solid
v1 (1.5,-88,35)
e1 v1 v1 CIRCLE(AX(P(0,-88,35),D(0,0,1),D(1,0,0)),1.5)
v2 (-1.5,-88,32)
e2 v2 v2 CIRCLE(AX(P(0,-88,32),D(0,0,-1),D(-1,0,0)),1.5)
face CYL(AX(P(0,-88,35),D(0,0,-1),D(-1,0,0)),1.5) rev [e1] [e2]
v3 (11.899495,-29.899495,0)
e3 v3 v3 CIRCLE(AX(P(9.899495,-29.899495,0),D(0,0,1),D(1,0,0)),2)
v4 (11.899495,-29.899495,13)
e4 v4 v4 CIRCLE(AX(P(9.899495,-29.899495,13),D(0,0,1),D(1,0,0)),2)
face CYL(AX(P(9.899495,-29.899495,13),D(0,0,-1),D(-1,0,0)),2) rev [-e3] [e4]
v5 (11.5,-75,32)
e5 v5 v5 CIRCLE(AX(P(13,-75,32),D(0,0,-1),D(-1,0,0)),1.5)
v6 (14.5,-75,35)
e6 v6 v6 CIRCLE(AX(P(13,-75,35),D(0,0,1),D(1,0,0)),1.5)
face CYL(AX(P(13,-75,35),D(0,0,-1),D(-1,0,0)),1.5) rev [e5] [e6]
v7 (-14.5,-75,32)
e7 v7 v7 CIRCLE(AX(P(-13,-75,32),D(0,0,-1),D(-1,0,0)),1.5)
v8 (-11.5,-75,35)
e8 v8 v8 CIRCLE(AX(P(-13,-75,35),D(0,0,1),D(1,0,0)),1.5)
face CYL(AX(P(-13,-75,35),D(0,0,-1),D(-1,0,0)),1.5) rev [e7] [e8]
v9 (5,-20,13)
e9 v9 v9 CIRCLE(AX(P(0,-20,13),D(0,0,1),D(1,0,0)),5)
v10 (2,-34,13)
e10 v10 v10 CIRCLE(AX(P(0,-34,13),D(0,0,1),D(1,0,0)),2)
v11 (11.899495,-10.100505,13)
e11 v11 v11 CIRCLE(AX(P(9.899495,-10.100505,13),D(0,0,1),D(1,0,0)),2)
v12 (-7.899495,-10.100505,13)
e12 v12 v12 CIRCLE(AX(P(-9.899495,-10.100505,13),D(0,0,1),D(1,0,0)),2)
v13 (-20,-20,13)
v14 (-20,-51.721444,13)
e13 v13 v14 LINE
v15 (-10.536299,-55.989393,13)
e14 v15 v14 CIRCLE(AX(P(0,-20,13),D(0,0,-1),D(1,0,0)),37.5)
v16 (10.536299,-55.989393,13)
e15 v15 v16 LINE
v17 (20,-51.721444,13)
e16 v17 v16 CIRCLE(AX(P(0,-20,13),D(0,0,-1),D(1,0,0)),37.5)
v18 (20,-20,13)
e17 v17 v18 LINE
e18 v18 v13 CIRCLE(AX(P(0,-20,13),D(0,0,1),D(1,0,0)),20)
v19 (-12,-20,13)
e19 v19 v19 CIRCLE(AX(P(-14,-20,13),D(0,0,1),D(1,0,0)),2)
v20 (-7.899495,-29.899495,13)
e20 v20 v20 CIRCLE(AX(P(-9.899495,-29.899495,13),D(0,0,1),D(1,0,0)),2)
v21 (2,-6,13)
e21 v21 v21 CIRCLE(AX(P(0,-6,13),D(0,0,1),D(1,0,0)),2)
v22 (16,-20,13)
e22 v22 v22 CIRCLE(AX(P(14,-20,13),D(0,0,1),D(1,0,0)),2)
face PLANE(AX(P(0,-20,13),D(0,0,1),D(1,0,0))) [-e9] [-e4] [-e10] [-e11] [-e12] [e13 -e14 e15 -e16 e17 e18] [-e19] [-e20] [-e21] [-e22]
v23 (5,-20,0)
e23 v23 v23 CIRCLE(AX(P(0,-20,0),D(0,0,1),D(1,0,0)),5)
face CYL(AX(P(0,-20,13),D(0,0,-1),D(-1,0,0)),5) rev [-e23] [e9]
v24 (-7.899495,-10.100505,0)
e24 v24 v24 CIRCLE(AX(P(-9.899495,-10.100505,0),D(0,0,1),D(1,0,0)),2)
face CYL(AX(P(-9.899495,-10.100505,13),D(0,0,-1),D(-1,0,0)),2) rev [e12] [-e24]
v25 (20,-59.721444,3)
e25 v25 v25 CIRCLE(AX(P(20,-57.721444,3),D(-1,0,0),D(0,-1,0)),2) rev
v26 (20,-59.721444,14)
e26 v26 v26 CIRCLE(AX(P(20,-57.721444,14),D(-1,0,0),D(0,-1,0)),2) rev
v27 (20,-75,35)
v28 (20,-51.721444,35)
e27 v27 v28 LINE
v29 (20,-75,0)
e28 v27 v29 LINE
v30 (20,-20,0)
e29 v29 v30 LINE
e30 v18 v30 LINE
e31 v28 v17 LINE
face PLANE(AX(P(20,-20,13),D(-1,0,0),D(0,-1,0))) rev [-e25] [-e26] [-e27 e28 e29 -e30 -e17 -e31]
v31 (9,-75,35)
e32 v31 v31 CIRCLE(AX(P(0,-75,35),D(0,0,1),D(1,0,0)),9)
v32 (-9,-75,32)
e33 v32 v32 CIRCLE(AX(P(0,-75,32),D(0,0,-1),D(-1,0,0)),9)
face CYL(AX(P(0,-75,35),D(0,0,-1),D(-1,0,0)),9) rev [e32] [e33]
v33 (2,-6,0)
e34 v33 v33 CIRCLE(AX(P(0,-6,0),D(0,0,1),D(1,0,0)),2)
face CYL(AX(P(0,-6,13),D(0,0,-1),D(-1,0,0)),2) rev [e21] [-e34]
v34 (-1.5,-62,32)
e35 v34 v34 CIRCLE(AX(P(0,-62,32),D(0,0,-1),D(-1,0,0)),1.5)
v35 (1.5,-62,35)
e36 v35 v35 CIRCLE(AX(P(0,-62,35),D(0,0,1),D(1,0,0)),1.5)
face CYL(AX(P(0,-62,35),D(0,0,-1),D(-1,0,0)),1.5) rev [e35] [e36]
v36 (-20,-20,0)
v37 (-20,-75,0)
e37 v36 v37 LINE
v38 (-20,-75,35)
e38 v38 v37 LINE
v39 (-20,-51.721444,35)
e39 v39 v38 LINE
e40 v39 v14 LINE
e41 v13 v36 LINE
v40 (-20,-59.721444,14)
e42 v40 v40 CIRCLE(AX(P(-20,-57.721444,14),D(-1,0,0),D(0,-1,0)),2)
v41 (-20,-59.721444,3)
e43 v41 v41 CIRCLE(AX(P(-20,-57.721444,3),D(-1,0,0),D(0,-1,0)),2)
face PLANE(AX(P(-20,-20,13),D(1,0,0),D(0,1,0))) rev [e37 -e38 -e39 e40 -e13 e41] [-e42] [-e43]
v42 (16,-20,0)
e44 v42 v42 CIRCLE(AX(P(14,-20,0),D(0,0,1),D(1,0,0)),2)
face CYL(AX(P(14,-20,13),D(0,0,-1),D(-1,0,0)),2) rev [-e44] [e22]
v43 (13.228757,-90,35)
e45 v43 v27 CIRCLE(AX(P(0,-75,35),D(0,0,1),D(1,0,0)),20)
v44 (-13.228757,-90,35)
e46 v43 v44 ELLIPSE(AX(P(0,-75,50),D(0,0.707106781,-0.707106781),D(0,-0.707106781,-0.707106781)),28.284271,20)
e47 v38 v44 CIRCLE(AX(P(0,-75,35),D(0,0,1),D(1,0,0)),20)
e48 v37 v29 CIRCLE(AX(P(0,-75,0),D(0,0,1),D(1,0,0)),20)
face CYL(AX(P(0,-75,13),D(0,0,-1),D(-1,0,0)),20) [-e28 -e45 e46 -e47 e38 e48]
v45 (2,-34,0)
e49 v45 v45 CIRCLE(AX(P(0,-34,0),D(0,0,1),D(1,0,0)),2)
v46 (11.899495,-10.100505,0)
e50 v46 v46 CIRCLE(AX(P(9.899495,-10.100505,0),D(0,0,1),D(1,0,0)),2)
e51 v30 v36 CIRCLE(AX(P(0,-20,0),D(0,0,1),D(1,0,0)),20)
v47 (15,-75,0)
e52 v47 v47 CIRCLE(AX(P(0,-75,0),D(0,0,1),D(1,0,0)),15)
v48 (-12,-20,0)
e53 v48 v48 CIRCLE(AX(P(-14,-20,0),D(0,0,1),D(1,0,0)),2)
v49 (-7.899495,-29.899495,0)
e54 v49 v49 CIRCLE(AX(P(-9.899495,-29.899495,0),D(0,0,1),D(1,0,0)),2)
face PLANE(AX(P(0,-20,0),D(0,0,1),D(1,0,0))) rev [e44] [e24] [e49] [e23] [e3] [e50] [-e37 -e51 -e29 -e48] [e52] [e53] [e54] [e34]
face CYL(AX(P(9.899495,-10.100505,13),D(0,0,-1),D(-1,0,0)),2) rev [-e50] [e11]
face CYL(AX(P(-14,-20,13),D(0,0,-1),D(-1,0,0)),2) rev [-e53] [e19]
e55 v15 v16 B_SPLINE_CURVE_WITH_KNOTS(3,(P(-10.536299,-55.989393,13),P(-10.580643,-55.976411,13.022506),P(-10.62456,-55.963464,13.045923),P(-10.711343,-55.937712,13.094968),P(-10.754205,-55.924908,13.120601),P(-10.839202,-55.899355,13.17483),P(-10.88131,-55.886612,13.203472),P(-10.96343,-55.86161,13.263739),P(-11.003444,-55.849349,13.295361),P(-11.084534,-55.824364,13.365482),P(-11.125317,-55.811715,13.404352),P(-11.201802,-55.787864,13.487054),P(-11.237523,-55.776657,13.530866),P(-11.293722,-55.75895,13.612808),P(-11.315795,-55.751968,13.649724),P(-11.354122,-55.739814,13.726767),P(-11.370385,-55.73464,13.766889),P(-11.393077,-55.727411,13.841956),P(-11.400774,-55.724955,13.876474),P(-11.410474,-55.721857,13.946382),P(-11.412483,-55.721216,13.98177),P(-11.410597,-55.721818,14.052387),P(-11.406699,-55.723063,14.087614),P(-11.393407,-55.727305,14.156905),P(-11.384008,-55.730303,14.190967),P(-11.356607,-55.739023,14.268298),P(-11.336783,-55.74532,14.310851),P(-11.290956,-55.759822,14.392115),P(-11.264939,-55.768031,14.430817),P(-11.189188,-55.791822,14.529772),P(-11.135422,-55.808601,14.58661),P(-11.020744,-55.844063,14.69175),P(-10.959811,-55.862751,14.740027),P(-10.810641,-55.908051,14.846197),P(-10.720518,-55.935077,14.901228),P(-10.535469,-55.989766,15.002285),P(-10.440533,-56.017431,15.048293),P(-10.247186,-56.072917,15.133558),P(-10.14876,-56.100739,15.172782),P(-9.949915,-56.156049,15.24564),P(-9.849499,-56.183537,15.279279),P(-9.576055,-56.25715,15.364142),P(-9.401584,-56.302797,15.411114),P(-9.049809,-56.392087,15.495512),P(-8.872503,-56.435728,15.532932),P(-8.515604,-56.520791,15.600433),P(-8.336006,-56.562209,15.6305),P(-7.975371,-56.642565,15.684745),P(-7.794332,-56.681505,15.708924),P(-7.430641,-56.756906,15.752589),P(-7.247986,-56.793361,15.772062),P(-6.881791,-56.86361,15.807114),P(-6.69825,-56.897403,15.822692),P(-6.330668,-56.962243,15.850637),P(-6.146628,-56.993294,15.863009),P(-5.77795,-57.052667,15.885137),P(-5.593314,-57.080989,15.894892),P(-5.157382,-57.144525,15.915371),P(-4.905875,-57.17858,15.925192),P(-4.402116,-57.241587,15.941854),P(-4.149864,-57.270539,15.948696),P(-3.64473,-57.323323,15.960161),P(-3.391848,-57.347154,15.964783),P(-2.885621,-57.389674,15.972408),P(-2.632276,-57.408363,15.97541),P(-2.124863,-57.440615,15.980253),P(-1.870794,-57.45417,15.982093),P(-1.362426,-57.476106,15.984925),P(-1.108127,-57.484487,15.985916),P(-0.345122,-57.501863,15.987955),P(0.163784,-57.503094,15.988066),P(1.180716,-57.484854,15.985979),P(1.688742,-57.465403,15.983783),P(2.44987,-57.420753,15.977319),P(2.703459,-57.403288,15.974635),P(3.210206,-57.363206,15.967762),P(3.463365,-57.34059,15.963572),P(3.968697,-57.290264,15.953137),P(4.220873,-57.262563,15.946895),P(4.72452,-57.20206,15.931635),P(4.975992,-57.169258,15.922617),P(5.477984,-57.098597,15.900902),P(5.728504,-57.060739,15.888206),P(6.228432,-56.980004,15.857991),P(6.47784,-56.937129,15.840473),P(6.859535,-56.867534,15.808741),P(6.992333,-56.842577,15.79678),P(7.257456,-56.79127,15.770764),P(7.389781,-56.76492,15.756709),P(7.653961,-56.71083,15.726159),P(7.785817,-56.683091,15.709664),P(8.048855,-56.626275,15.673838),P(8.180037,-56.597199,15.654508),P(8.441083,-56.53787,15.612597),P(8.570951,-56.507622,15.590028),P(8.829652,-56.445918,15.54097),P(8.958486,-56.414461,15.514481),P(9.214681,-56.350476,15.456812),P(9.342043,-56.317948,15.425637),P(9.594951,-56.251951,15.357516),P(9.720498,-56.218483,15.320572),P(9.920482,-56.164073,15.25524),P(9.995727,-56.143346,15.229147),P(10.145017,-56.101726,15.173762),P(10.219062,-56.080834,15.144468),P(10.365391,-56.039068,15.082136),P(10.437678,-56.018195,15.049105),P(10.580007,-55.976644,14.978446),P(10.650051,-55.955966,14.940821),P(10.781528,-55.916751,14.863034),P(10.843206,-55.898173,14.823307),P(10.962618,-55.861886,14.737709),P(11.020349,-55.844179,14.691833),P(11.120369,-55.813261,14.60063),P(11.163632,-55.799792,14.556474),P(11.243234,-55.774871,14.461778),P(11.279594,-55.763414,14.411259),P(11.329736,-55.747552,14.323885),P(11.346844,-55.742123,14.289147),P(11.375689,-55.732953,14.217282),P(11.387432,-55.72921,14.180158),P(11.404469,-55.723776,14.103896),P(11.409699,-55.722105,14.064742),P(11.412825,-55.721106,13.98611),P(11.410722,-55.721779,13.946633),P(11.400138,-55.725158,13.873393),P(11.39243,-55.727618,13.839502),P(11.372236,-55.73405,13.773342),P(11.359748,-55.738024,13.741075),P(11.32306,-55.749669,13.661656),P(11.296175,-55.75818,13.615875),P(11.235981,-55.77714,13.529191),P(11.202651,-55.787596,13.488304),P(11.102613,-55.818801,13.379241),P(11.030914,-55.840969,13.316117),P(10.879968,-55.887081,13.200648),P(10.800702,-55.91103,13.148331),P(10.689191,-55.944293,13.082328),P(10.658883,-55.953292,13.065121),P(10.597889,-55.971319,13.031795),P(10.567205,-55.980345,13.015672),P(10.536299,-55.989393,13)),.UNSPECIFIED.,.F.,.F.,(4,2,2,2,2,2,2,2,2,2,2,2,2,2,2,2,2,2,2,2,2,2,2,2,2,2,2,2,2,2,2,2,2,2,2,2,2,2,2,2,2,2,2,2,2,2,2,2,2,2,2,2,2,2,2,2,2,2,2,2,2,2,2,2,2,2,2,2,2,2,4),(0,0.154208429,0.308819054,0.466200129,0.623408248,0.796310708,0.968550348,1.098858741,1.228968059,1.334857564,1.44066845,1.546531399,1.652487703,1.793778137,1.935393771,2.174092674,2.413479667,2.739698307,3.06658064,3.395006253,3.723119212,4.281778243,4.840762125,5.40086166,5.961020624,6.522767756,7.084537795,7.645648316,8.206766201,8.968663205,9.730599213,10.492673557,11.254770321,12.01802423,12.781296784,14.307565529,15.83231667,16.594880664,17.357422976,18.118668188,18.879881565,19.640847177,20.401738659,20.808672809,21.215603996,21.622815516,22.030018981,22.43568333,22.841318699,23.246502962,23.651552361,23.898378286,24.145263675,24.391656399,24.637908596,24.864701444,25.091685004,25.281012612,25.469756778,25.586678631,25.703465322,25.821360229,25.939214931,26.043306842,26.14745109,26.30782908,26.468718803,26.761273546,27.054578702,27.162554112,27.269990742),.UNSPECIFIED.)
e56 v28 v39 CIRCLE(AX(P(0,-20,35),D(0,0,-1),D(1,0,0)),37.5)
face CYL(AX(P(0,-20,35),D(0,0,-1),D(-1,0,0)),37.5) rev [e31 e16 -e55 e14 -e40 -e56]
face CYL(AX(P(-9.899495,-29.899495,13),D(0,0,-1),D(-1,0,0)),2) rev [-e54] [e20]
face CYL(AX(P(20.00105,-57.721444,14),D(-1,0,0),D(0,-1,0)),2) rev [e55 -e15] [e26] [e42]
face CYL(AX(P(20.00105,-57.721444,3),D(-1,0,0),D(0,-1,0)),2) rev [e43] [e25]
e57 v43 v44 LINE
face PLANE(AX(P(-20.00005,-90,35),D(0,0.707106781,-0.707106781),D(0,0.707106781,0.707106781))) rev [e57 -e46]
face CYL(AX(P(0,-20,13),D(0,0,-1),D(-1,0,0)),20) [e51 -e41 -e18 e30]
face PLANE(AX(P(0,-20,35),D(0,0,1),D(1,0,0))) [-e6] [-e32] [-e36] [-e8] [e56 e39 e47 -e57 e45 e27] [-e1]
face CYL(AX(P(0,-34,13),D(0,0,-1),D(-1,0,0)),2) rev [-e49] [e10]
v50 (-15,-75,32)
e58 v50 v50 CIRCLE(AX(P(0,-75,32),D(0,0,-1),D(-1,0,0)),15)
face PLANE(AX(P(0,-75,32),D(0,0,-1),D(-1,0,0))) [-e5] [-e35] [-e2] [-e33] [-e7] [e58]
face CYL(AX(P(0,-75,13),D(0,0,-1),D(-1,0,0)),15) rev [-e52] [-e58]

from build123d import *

# Parameters (mm, degrees)
ESQUISSE1_R           = 15
ESQUISSE1_R_2         = 5
ESQUISSE1_R_3         = 2
EXTRUSION1_DEPTH      = 13
ESQUISSE2_R           = 9
ESQUISSE2_R_2         = 1.5
EXTRUSION2_DEPTH      = 22
ESQUISSE3_R           = 15
EXTRUSION3_DEPTH      = 19
EXTRUSION4_DEPTH      = 21
EXTRUSION4_DEPTH_BACK = 21
EXTRUSION5_REACH      = 42
ESQUISSE5_R           = 2


with BuildPart() as part:
    # Esquisse1 → Extrusion1 (new body)
    with BuildSketch(Plane.XY):
        with BuildLine():
            Line((20, -20), (20, -75))
            ThreePointArc((20, -75), (0, -95), (-20, -75))
            Line((-20, -75), (-20, -20))
            ThreePointArc((-20, -20), (0, 0), (20, -20))
        make_face()
        with Locations((0, -75)):
            Circle(ESQUISSE1_R, mode=Mode.SUBTRACT)
        with Locations((0, -20)):
            Circle(ESQUISSE1_R_2, mode=Mode.SUBTRACT)
        with Locations((-14, -20)):
            Circle(ESQUISSE1_R_3, mode=Mode.SUBTRACT)
        with Locations((-9.899494937, -10.100505063)):
            Circle(ESQUISSE1_R_3, mode=Mode.SUBTRACT)
        with Locations((0, -6)):
            Circle(ESQUISSE1_R_3, mode=Mode.SUBTRACT)
        with Locations((9.899494937, -10.100505063)):
            Circle(ESQUISSE1_R_3, mode=Mode.SUBTRACT)
        with Locations((14, -20)):
            Circle(ESQUISSE1_R_3, mode=Mode.SUBTRACT)
        with Locations((9.899494937, -29.899494937)):
            Circle(ESQUISSE1_R_3, mode=Mode.SUBTRACT)
        with Locations((0, -34)):
            Circle(ESQUISSE1_R_3, mode=Mode.SUBTRACT)
        with Locations((-9.899494937, -29.899494937)):
            Circle(ESQUISSE1_R_3, mode=Mode.SUBTRACT)
    extrude(amount=EXTRUSION1_DEPTH)

    # Esquisse2 → Extrusion2 (add)
    with BuildSketch(Plane.XY.offset(13)):
        with BuildLine():
            Line((-20, -75), (-20, -51.721443851))
            ThreePointArc((-20, -51.721443851), (0, -57.5), (20, -51.721443851))
            Line((20, -51.721443851), (20, -75))
            ThreePointArc((20, -75), (0, -95), (-20, -75))
        make_face()
        with Locations((0, -75)):
            Circle(ESQUISSE2_R, mode=Mode.SUBTRACT)
        with Locations((0, -62)):
            Circle(ESQUISSE2_R_2, mode=Mode.SUBTRACT)
        with Locations((0, -88)):
            Circle(ESQUISSE2_R_2, mode=Mode.SUBTRACT)
        with Locations((-13, -75)):
            Circle(ESQUISSE2_R_2, mode=Mode.SUBTRACT)
        with Locations((13, -75)):
            Circle(ESQUISSE2_R_2, mode=Mode.SUBTRACT)
    extrude(amount=EXTRUSION2_DEPTH)

    # Esquisse3 → Extrusion3 (cut)
    with BuildSketch(Plane(origin=(0, 0, 13), x_dir=(-1, 0, 0), z_dir=(0, 0, -1))):
        with Locations((0, -75)):
            Circle(ESQUISSE3_R)
    extrude(amount=-EXTRUSION3_DEPTH, mode=Mode.SUBTRACT)

    # Esquisse4 → Extrusion4 (cut, two sides)
    with BuildSketch(Plane(origin=(0, 0, 0), x_dir=(0, 0, -1), z_dir=(1, 0, 0))) as extrusion4_sk:
        Polygon((-35, -95), (-30, -95), (-35, -90), align=None)
    extrude(amount=EXTRUSION4_DEPTH, mode=Mode.SUBTRACT)
    extrude(extrusion4_sk.sketch, amount=-EXTRUSION4_DEPTH_BACK, mode=Mode.SUBTRACT)

    # Esquisse5 → Extrusion5 (cut, up to next)
    with BuildSketch(Plane.ZY.offset(20), mode=Mode.PRIVATE) as extrusion5_sk1:
        with Locations((14, -57.721443851)):
            Circle(ESQUISSE5_R)
    extrusion5_tool1 = extrude(extrusion5_sk1.sketch, amount=-EXTRUSION5_REACH, mode=Mode.PRIVATE) & part.part
    add(extrusion5_tool1.solids().sort_by_distance((-20, -57.721444, 14))[0], mode=Mode.SUBTRACT)
    # Esquisse5 → Extrusion5 (cut, up to next)
    with BuildSketch(Plane.ZY.offset(20), mode=Mode.PRIVATE) as extrusion5_sk2:
        with Locations((3, -57.721443851)):
            Circle(ESQUISSE5_R)
    extrusion5_tool2 = extrude(extrusion5_sk2.sketch, amount=-EXTRUSION5_REACH, mode=Mode.PRIVATE) & part.part
    add(extrusion5_tool2.solids().sort_by_distance((-20, -57.721444, 3))[0], mode=Mode.SUBTRACT)


solid = part.part
